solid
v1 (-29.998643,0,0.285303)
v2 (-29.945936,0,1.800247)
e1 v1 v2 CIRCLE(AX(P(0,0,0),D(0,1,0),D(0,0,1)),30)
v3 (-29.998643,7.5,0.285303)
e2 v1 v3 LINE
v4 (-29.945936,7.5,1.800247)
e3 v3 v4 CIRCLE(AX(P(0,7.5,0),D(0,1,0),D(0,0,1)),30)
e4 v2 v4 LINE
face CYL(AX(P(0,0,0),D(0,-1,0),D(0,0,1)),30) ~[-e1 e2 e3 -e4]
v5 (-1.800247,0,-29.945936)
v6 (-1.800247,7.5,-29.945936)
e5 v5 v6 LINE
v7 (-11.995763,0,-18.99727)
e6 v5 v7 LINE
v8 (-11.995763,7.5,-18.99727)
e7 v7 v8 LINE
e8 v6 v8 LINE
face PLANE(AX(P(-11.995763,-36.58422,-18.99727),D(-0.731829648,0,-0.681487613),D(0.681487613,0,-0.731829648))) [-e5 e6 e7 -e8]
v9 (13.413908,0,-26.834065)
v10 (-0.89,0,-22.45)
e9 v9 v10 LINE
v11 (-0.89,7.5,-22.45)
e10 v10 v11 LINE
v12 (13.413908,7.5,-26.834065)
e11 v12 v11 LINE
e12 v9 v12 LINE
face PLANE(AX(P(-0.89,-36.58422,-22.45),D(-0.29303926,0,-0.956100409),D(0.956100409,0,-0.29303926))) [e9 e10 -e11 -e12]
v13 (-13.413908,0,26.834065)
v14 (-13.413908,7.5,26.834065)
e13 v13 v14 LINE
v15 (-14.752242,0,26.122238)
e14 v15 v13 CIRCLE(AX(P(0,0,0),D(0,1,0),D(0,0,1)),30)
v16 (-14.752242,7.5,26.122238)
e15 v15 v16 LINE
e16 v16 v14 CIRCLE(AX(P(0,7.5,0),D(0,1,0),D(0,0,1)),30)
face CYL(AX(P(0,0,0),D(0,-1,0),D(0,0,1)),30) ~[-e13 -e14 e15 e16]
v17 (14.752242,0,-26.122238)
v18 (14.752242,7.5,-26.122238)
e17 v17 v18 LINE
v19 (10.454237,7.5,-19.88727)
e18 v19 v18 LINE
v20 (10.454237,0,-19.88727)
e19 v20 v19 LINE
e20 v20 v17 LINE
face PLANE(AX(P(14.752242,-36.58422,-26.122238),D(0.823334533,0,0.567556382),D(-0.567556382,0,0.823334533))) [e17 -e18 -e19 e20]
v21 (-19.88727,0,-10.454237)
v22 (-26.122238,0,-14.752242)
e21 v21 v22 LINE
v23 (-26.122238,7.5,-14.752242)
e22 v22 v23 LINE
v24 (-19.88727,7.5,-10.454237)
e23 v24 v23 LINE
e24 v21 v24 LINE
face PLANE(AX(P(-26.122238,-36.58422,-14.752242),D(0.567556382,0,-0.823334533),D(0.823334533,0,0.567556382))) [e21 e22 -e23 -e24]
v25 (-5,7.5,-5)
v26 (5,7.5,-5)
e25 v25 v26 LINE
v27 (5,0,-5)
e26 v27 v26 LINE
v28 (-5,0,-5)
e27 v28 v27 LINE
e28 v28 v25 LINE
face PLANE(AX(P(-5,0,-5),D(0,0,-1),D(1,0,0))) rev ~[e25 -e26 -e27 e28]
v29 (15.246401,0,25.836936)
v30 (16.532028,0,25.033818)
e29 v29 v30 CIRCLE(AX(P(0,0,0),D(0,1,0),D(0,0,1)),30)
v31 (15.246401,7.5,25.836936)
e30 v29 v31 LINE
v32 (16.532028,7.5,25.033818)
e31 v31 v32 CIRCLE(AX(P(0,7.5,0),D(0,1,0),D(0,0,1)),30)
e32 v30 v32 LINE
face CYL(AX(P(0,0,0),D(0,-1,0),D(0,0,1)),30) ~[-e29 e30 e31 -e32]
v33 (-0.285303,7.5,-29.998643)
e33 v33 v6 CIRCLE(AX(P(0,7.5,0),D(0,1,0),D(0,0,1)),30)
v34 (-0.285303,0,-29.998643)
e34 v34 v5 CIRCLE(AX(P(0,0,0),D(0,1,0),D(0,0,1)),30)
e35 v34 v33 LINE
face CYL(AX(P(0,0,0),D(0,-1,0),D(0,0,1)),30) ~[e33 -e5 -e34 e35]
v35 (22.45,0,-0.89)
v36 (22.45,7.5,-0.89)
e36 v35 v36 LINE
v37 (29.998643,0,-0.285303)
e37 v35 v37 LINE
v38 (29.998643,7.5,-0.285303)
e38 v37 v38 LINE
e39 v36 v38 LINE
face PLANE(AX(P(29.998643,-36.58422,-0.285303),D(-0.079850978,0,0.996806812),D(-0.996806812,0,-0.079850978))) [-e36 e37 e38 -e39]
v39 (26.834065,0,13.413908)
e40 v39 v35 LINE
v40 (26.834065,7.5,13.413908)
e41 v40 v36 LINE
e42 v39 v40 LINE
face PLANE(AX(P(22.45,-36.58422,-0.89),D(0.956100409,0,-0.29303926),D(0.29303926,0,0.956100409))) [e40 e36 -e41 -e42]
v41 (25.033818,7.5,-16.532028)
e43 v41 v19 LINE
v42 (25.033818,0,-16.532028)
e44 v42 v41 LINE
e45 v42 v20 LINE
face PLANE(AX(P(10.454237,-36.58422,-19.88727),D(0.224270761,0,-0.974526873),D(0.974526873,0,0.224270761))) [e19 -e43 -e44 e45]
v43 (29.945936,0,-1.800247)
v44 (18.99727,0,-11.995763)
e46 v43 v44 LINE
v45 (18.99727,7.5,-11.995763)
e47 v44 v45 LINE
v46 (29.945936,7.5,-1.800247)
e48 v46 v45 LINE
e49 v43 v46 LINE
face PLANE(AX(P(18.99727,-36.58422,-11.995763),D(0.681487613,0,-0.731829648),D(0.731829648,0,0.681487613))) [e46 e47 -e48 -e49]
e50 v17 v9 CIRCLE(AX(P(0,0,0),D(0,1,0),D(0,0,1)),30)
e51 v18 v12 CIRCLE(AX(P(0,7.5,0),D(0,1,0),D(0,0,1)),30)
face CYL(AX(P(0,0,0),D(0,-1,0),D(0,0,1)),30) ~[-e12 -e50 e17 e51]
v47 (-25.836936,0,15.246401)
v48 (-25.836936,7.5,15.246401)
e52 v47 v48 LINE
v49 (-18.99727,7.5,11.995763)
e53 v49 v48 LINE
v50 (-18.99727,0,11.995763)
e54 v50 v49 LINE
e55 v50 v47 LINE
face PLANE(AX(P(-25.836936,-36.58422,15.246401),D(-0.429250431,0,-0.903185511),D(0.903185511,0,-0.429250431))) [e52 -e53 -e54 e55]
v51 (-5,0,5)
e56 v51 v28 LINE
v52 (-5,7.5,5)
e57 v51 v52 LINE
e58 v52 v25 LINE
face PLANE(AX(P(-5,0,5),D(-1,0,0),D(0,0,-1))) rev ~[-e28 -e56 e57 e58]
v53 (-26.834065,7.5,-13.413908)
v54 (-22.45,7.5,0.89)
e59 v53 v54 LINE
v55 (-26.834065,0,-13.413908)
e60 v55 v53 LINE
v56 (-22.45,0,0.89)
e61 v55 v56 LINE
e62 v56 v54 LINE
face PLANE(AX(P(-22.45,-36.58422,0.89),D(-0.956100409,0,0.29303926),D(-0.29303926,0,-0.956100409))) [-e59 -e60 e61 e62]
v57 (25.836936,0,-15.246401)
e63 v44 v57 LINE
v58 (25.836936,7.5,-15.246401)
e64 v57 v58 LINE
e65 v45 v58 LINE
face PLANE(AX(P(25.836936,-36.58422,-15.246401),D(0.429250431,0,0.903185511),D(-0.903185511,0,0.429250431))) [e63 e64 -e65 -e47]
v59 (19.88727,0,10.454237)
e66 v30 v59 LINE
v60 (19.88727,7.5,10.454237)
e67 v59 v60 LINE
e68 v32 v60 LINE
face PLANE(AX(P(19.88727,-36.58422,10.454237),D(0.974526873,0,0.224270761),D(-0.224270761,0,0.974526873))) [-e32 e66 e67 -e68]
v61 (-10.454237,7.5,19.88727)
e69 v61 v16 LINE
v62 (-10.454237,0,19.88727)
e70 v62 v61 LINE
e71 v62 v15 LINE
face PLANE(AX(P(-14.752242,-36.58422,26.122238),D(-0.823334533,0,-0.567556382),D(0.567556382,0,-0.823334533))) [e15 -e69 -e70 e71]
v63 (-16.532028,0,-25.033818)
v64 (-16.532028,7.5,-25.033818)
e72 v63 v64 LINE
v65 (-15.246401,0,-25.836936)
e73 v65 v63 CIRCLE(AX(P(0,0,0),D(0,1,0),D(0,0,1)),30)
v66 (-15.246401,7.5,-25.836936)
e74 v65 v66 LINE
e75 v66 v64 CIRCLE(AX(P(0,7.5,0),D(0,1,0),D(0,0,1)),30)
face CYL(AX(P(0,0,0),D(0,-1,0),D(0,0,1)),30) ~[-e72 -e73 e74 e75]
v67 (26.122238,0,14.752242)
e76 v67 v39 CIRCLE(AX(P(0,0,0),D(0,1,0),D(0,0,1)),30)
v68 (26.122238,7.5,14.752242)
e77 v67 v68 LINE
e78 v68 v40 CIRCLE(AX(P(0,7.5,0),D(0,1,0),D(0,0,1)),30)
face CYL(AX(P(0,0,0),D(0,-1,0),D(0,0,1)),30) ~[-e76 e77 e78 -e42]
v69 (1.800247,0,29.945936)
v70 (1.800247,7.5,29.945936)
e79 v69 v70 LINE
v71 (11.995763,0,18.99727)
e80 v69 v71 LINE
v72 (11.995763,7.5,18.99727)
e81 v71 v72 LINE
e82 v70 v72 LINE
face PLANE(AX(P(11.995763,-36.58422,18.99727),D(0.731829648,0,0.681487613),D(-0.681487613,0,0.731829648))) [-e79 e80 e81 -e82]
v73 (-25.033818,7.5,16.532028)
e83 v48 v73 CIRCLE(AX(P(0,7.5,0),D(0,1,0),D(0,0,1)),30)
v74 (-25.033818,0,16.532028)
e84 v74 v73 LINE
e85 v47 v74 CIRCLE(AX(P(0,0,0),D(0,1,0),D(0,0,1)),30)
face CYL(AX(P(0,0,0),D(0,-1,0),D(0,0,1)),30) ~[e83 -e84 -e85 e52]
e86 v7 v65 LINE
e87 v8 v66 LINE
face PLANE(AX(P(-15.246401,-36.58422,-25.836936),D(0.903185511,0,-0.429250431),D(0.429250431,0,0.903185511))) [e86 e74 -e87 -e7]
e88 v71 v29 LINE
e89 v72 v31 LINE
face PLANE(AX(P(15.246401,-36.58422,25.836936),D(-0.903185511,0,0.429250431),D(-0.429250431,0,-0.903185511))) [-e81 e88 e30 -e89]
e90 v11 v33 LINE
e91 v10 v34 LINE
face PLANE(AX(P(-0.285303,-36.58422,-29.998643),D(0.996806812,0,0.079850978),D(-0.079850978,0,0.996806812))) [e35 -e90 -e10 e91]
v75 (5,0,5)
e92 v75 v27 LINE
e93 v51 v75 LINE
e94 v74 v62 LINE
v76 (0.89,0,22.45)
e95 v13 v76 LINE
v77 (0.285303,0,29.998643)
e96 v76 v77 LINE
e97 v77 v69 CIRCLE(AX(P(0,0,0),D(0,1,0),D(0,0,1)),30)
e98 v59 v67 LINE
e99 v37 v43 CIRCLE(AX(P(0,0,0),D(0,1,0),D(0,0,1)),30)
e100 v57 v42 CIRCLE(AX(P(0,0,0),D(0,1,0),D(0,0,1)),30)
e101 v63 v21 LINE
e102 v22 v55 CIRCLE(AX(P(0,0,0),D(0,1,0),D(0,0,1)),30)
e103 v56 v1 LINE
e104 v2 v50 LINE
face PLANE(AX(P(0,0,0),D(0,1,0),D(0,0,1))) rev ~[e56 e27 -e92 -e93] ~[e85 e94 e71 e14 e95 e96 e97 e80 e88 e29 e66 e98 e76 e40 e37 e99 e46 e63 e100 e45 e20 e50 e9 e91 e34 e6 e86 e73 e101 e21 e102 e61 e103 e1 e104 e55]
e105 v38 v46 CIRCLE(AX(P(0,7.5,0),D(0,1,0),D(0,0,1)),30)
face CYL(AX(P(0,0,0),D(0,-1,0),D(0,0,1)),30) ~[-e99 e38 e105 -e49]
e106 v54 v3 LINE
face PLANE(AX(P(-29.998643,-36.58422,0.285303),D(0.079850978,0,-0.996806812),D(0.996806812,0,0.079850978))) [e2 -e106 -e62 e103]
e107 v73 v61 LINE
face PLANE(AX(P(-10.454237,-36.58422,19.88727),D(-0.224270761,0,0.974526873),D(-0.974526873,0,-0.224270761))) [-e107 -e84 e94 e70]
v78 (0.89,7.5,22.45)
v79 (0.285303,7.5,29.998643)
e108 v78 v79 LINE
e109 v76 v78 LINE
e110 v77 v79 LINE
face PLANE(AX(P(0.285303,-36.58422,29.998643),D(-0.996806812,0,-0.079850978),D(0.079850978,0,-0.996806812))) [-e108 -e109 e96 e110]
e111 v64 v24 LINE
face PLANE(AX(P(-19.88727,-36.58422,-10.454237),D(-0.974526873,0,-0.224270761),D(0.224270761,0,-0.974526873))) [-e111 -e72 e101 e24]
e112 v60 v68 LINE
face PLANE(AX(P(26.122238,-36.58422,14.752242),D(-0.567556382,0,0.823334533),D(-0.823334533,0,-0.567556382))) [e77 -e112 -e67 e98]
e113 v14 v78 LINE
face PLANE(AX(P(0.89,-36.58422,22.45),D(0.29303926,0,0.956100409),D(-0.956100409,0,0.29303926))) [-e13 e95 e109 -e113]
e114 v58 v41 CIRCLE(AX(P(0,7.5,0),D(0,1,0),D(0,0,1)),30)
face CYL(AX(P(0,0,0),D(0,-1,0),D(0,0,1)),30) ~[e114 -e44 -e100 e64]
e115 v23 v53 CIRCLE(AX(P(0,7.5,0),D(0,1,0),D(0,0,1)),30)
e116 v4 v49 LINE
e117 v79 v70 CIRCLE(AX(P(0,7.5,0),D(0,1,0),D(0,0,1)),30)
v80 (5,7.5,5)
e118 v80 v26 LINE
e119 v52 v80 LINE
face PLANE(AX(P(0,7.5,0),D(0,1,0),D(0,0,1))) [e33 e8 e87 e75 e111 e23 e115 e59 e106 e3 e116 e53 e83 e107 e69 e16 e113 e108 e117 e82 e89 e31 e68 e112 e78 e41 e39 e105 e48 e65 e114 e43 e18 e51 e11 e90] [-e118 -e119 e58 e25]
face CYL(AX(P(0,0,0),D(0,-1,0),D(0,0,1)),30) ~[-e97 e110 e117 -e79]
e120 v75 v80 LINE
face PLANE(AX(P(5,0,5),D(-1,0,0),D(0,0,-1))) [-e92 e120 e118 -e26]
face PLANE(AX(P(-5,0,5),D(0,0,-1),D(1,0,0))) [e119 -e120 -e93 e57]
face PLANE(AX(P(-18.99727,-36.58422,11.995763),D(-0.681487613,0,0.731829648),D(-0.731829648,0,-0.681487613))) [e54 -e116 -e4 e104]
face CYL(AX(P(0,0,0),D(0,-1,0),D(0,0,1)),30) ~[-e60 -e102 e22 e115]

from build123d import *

# Parameters (mm, degrees)
SCHIZZO1_R                    = 30
SCHIZZO1_W                    = 10
SCHIZZO1_H                    = 10
ESTRUSIONE_ESTRUSIONE1_DEPTH  = 7.5
TAGLIO_ESTRUSIONE1_DEPTH      = 44.084219849
TAGLIO_ESTRUSIONE1_DEPTH_BACK = 44.084219849


with BuildPart() as part:
    # Schizzo1 → Estrusione-Estrusione1 (new body)
    with BuildSketch(Plane(origin=(0, 0, 0), x_dir=(1, 0, 0), z_dir=(0, 1, 0))):
        with Locations(Location((0, 0, 0), (0, 0, 270))):
            Circle(SCHIZZO1_R)
        Rectangle(SCHIZZO1_W, SCHIZZO1_H, mode=Mode.SUBTRACT)
    extrude(amount=ESTRUSIONE_ESTRUSIONE1_DEPTH)

    # Schizzo2 → Taglio-Estrusione1 (cut, two sides: drawn at the far end of the back side and taken through both)
    with BuildSketch(Plane(origin=(0, 7.5, 0), x_dir=(1, 0, 0), z_dir=(0, 1, 0)).offset(-TAGLIO_ESTRUSIONE1_DEPTH_BACK)):
        with BuildLine():
            Line((-19.887270315, 10.454237391), (-16.532028162, 25.033818024))
            ThreePointArc((-16.532028162, 25.033818024), (-21.93796515, 20.462787813), (-26.122238482, 14.75224243))
            Line((-26.122238482, 14.75224243), (-19.887270315, 10.454237391))
        make_face()
        with BuildLine():
            Line((-22.45, -0.89), (-26.834065376, 13.413908282))
            ThreePointArc((-26.834065376, 13.413908282), (-29.230229034, 6.752311504), (-29.998643344, -0.285302534))
            Line((-29.998643344, -0.285302534), (-22.45, -0.89))
        make_face()
        with BuildLine():
            Line((-18.997270315, -11.995762609), (-29.945936443, -1.800247352))
            ThreePointArc((-29.945936443, -1.800247352), (-28.690276653, -8.76744122), (-25.836935948, -15.246400914))
            Line((-25.836935948, -15.246400914), (-18.997270315, -11.995762609))
        make_face()
        with BuildLine():
            Line((-10.454237391, -19.887270315), (-25.033818024, -16.532028162))
            ThreePointArc((-25.033818024, -16.532028162), (-20.462787813, -21.93796515), (-14.75224243, -26.122238482))
            Line((-14.75224243, -26.122238482), (-10.454237391, -19.887270315))
        make_face()
        with BuildLine():
            ThreePointArc((-13.413908282, -26.834065376), (-6.752311504, -29.230229034), (0.285302534, -29.998643344))
            Line((0.285302534, -29.998643344), (0.89, -22.45))
            Line((0.89, -22.45), (-13.413908282, -26.834065376))
        make_face()
        with BuildLine():
            ThreePointArc((1.800247352, -29.945936443), (8.76744122, -28.690276653), (15.246400914, -25.836935948))
            Line((15.246400914, -25.836935948), (11.995762609, -18.997270315))
            Line((11.995762609, -18.997270315), (1.800247352, -29.945936443))
        make_face()
        with BuildLine():
            ThreePointArc((16.532028162, -25.033818024), (21.93796515, -20.462787813), (26.122238482, -14.75224243))
            Line((26.122238482, -14.75224243), (19.887270315, -10.454237391))
            Line((19.887270315, -10.454237391), (16.532028162, -25.033818024))
        make_face()
        with BuildLine():
            ThreePointArc((30, 0), (29.999660834, 0.14265288), (29.998643344, 0.285302534))
            Line((29.998643344, 0.285302534), (22.45, 0.89))
            Line((22.45, 0.89), (26.834065376, -13.413908282))
            ThreePointArc((26.834065376, -13.413908282), (29.197790681, -6.89122771), (30, 0))
        make_face()
        with BuildLine():
            ThreePointArc((29.945936443, 1.800247352), (28.690276653, 8.76744122), (25.836935948, 15.246400914))
            Line((25.836935948, 15.246400914), (18.997270315, 11.995762609))
            Line((18.997270315, 11.995762609), (29.945936443, 1.800247352))
        make_face()
        with BuildLine():
            Line((14.75224243, 26.122238482), (10.454237391, 19.887270315))
            Line((10.454237391, 19.887270315), (25.033818024, 16.532028162))
            ThreePointArc((25.033818024, 16.532028162), (20.462787813, 21.93796515), (14.75224243, 26.122238482))
        make_face()
        with BuildLine():
            Line((-0.89, 22.45), (13.413908282, 26.834065376))
            ThreePointArc((13.413908282, 26.834065376), (6.752311504, 29.230229034), (-0.285302534, 29.998643344))
            Line((-0.285302534, 29.998643344), (-0.89, 22.45))
        make_face()
        with BuildLine():
            Line((-11.995762609, 18.997270315), (-1.800247352, 29.945936443))
            ThreePointArc((-1.800247352, 29.945936443), (-8.76744122, 28.690276653), (-15.246400914, 25.836935948))
            Line((-15.246400914, 25.836935948), (-11.995762609, 18.997270315))
        make_face()
    extrude(amount=TAGLIO_ESTRUSIONE1_DEPTH + TAGLIO_ESTRUSIONE1_DEPTH_BACK, mode=Mode.SUBTRACT)


solid = part.part
